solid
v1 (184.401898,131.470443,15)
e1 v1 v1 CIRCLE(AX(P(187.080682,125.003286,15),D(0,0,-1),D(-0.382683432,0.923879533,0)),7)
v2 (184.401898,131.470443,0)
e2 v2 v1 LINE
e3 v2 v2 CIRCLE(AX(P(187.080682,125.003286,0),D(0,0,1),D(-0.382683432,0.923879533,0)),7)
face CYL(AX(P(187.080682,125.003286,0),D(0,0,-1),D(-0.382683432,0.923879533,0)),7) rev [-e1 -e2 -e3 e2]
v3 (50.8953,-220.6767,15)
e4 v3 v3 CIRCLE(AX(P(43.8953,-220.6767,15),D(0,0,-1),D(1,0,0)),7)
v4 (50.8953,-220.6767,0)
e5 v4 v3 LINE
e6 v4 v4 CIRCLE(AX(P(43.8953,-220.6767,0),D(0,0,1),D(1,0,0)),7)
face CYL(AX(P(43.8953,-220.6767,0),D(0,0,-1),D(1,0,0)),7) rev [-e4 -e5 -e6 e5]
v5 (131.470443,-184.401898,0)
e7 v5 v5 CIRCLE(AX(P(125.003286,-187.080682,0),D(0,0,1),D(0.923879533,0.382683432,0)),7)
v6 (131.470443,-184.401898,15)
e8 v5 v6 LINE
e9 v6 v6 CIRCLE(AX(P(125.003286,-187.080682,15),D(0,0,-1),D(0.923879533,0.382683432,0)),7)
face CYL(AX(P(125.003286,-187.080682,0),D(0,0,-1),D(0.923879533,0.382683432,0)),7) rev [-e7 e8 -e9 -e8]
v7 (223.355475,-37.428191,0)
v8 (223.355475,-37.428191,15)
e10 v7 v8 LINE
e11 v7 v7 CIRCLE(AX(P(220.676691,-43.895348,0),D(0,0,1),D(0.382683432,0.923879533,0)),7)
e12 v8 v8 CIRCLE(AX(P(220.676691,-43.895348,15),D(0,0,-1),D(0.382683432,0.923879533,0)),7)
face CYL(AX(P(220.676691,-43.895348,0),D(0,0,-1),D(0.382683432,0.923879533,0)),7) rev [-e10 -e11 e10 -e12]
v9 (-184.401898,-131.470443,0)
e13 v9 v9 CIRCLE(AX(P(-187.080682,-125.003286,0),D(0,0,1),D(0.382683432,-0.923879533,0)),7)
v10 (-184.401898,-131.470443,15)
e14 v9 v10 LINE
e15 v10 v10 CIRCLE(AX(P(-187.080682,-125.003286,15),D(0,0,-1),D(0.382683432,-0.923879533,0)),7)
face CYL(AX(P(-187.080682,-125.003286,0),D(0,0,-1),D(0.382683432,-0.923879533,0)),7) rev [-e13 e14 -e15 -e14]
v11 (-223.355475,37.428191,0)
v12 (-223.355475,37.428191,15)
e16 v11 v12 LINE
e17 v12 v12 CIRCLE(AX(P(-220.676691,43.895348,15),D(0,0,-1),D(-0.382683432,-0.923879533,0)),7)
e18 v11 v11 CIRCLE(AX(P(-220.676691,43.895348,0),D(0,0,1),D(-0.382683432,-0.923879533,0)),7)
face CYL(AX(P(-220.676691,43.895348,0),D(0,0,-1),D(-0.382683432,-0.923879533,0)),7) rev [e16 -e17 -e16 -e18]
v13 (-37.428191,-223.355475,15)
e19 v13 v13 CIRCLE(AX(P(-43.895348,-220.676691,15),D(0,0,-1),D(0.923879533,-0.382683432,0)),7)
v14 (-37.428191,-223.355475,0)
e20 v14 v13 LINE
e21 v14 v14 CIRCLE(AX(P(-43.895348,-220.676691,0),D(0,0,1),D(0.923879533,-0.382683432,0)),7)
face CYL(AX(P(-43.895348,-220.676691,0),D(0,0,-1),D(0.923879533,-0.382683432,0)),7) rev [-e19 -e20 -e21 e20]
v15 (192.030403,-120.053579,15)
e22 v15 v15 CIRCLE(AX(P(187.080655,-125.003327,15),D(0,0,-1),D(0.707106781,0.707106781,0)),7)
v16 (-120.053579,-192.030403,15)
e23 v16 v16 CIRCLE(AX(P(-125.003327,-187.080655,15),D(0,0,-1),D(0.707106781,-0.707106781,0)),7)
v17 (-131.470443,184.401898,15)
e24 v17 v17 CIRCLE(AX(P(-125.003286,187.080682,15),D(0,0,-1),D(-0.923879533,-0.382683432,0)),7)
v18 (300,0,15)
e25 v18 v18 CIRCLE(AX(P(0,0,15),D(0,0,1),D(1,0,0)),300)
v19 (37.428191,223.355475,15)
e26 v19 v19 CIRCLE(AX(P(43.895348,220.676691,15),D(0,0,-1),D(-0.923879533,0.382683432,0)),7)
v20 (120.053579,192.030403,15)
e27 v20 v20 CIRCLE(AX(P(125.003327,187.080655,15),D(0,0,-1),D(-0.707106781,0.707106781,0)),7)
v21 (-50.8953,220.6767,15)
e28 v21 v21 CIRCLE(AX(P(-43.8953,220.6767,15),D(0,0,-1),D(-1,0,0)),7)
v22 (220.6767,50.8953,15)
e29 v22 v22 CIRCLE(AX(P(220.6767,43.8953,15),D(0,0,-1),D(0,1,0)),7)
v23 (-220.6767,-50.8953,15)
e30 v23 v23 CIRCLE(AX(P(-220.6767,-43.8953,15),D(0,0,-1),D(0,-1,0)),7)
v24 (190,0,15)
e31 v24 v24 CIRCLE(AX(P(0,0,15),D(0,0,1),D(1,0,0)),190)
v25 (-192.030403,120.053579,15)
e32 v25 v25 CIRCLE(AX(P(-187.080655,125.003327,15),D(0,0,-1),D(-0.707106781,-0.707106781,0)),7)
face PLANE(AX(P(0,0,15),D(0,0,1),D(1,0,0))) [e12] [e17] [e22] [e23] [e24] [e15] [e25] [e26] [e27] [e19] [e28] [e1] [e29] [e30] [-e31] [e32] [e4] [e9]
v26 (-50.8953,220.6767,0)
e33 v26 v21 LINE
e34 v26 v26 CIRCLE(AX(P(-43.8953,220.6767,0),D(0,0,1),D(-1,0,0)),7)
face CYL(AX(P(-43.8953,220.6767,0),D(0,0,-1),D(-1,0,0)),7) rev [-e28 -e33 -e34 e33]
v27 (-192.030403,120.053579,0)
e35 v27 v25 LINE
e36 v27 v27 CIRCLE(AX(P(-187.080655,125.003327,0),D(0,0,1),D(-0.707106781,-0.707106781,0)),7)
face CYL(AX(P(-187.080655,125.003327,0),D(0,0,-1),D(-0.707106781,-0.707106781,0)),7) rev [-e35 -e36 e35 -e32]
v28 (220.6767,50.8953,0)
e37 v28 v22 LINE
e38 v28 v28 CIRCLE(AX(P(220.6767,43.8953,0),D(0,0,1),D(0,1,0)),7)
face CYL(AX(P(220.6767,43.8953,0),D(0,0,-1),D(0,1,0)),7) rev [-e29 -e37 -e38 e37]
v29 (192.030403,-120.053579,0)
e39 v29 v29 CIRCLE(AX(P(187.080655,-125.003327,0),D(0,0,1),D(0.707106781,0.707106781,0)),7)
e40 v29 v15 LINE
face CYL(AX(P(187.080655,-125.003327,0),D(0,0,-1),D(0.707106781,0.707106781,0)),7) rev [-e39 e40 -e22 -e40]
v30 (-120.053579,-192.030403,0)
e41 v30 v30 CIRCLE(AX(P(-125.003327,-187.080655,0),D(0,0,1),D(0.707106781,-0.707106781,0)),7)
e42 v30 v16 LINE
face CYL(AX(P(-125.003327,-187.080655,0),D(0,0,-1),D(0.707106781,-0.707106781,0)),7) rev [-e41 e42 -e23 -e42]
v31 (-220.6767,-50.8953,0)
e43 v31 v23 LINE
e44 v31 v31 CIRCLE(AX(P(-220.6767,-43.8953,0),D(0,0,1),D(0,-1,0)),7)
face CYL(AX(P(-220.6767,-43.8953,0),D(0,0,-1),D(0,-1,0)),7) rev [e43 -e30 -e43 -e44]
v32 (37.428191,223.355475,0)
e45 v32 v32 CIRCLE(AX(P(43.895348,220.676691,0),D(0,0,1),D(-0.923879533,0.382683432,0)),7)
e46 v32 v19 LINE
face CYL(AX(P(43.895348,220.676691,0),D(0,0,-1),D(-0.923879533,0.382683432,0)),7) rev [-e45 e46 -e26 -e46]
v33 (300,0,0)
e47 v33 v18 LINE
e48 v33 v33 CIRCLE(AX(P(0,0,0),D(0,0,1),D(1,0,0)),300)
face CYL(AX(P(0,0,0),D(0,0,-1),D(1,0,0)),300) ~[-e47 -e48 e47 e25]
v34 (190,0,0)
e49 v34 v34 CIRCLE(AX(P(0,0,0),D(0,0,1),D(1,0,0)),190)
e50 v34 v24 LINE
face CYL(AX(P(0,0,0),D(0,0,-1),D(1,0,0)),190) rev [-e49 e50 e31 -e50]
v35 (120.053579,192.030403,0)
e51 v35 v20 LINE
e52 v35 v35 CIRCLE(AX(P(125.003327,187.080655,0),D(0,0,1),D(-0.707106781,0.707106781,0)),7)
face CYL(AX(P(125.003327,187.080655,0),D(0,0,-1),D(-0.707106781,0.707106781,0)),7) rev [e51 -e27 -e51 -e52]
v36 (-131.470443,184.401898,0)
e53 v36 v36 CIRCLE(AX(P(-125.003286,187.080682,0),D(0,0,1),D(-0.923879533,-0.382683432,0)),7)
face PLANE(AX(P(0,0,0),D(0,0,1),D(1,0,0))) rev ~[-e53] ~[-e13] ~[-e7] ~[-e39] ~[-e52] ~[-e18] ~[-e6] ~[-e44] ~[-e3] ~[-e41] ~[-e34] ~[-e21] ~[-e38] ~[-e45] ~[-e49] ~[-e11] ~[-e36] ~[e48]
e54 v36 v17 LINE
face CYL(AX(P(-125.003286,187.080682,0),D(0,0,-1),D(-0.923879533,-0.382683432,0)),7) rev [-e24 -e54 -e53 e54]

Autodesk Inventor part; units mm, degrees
ref_plane "YZ Plane" through (0, 0, 0) normal (1, 0, 0) x (0, 1, 0)
ref_plane "XZ Plane" through (0, 0, 0) normal (0, 1, 0) x (-1, 0, 0)
ref_plane "XY Plane" through (0, 0, 0) normal (0, 0, 1) x (1, 0, 0)
sketch "Sketch1" plane through (0, 0, 0) normal (0, 0, 1) x (1, 0, 0)
  circle A0 centre (0, 0) radius 190
  circle A1 centre (0, 0) radius 300
  point P0 (0, 225)
  dimension "d41" = 600
  dimension "d42" = 380
extrude "Extrusion1" add sketch "Sketch1" along normal blind 15
sketch "Sketch3" plane through (0, 0, 0) normal (0, 0, 1) x (1, 0, 0)
  circle A0 centre (0, 0) radius 190 construction
  circle A1 centre (0, 0) radius 300 construction
  circle A2 centre (0, 0) radius 300 construction
  line L0 (0, 0) -> (0, -300) construction
  line L1 (0, 0) -> (58.5271, -294.2356) construction
  line L2 (47.602, -239.3116) -> (40.1886, -202.0418) construction
  circle A3 centre (43.8953, -220.6767) radius 7
  circle A4 centre (0, 0) radius 225 construction
  dimension "d43" = 450
  dimension "d20" = 11.25
  dimension "d21" = 14
extrude "Extrusion3" cut sketch "Sketch3" along normal through all
pattern_circular "Circular Pattern2" count 16 over 360 about axis through (0, 0, 0) along (0, 0, -1) of "Extrusion3"
equation "\"BendRadius\" = Thickness"
equation "\"BendReliefWidth\" = Thickness"
equation "\"BendReliefDepth\" = 0.5 * Thickness"
equation "\"CornerReliefSize\" = 4 * Thickness"
equation "\"MinimumRemnant\" = 2 * Thickness"
equation "\"TransitionRadius\" = BendRadius"
equation "\"JacobiRadiusSize\" = BendRadius"
equation "\"GapSize\" = Thickness"
equation "\"Thickness\" = 3"
properties part number "ДМФ 025 кольцо прижимное корма наружное v2.0"
